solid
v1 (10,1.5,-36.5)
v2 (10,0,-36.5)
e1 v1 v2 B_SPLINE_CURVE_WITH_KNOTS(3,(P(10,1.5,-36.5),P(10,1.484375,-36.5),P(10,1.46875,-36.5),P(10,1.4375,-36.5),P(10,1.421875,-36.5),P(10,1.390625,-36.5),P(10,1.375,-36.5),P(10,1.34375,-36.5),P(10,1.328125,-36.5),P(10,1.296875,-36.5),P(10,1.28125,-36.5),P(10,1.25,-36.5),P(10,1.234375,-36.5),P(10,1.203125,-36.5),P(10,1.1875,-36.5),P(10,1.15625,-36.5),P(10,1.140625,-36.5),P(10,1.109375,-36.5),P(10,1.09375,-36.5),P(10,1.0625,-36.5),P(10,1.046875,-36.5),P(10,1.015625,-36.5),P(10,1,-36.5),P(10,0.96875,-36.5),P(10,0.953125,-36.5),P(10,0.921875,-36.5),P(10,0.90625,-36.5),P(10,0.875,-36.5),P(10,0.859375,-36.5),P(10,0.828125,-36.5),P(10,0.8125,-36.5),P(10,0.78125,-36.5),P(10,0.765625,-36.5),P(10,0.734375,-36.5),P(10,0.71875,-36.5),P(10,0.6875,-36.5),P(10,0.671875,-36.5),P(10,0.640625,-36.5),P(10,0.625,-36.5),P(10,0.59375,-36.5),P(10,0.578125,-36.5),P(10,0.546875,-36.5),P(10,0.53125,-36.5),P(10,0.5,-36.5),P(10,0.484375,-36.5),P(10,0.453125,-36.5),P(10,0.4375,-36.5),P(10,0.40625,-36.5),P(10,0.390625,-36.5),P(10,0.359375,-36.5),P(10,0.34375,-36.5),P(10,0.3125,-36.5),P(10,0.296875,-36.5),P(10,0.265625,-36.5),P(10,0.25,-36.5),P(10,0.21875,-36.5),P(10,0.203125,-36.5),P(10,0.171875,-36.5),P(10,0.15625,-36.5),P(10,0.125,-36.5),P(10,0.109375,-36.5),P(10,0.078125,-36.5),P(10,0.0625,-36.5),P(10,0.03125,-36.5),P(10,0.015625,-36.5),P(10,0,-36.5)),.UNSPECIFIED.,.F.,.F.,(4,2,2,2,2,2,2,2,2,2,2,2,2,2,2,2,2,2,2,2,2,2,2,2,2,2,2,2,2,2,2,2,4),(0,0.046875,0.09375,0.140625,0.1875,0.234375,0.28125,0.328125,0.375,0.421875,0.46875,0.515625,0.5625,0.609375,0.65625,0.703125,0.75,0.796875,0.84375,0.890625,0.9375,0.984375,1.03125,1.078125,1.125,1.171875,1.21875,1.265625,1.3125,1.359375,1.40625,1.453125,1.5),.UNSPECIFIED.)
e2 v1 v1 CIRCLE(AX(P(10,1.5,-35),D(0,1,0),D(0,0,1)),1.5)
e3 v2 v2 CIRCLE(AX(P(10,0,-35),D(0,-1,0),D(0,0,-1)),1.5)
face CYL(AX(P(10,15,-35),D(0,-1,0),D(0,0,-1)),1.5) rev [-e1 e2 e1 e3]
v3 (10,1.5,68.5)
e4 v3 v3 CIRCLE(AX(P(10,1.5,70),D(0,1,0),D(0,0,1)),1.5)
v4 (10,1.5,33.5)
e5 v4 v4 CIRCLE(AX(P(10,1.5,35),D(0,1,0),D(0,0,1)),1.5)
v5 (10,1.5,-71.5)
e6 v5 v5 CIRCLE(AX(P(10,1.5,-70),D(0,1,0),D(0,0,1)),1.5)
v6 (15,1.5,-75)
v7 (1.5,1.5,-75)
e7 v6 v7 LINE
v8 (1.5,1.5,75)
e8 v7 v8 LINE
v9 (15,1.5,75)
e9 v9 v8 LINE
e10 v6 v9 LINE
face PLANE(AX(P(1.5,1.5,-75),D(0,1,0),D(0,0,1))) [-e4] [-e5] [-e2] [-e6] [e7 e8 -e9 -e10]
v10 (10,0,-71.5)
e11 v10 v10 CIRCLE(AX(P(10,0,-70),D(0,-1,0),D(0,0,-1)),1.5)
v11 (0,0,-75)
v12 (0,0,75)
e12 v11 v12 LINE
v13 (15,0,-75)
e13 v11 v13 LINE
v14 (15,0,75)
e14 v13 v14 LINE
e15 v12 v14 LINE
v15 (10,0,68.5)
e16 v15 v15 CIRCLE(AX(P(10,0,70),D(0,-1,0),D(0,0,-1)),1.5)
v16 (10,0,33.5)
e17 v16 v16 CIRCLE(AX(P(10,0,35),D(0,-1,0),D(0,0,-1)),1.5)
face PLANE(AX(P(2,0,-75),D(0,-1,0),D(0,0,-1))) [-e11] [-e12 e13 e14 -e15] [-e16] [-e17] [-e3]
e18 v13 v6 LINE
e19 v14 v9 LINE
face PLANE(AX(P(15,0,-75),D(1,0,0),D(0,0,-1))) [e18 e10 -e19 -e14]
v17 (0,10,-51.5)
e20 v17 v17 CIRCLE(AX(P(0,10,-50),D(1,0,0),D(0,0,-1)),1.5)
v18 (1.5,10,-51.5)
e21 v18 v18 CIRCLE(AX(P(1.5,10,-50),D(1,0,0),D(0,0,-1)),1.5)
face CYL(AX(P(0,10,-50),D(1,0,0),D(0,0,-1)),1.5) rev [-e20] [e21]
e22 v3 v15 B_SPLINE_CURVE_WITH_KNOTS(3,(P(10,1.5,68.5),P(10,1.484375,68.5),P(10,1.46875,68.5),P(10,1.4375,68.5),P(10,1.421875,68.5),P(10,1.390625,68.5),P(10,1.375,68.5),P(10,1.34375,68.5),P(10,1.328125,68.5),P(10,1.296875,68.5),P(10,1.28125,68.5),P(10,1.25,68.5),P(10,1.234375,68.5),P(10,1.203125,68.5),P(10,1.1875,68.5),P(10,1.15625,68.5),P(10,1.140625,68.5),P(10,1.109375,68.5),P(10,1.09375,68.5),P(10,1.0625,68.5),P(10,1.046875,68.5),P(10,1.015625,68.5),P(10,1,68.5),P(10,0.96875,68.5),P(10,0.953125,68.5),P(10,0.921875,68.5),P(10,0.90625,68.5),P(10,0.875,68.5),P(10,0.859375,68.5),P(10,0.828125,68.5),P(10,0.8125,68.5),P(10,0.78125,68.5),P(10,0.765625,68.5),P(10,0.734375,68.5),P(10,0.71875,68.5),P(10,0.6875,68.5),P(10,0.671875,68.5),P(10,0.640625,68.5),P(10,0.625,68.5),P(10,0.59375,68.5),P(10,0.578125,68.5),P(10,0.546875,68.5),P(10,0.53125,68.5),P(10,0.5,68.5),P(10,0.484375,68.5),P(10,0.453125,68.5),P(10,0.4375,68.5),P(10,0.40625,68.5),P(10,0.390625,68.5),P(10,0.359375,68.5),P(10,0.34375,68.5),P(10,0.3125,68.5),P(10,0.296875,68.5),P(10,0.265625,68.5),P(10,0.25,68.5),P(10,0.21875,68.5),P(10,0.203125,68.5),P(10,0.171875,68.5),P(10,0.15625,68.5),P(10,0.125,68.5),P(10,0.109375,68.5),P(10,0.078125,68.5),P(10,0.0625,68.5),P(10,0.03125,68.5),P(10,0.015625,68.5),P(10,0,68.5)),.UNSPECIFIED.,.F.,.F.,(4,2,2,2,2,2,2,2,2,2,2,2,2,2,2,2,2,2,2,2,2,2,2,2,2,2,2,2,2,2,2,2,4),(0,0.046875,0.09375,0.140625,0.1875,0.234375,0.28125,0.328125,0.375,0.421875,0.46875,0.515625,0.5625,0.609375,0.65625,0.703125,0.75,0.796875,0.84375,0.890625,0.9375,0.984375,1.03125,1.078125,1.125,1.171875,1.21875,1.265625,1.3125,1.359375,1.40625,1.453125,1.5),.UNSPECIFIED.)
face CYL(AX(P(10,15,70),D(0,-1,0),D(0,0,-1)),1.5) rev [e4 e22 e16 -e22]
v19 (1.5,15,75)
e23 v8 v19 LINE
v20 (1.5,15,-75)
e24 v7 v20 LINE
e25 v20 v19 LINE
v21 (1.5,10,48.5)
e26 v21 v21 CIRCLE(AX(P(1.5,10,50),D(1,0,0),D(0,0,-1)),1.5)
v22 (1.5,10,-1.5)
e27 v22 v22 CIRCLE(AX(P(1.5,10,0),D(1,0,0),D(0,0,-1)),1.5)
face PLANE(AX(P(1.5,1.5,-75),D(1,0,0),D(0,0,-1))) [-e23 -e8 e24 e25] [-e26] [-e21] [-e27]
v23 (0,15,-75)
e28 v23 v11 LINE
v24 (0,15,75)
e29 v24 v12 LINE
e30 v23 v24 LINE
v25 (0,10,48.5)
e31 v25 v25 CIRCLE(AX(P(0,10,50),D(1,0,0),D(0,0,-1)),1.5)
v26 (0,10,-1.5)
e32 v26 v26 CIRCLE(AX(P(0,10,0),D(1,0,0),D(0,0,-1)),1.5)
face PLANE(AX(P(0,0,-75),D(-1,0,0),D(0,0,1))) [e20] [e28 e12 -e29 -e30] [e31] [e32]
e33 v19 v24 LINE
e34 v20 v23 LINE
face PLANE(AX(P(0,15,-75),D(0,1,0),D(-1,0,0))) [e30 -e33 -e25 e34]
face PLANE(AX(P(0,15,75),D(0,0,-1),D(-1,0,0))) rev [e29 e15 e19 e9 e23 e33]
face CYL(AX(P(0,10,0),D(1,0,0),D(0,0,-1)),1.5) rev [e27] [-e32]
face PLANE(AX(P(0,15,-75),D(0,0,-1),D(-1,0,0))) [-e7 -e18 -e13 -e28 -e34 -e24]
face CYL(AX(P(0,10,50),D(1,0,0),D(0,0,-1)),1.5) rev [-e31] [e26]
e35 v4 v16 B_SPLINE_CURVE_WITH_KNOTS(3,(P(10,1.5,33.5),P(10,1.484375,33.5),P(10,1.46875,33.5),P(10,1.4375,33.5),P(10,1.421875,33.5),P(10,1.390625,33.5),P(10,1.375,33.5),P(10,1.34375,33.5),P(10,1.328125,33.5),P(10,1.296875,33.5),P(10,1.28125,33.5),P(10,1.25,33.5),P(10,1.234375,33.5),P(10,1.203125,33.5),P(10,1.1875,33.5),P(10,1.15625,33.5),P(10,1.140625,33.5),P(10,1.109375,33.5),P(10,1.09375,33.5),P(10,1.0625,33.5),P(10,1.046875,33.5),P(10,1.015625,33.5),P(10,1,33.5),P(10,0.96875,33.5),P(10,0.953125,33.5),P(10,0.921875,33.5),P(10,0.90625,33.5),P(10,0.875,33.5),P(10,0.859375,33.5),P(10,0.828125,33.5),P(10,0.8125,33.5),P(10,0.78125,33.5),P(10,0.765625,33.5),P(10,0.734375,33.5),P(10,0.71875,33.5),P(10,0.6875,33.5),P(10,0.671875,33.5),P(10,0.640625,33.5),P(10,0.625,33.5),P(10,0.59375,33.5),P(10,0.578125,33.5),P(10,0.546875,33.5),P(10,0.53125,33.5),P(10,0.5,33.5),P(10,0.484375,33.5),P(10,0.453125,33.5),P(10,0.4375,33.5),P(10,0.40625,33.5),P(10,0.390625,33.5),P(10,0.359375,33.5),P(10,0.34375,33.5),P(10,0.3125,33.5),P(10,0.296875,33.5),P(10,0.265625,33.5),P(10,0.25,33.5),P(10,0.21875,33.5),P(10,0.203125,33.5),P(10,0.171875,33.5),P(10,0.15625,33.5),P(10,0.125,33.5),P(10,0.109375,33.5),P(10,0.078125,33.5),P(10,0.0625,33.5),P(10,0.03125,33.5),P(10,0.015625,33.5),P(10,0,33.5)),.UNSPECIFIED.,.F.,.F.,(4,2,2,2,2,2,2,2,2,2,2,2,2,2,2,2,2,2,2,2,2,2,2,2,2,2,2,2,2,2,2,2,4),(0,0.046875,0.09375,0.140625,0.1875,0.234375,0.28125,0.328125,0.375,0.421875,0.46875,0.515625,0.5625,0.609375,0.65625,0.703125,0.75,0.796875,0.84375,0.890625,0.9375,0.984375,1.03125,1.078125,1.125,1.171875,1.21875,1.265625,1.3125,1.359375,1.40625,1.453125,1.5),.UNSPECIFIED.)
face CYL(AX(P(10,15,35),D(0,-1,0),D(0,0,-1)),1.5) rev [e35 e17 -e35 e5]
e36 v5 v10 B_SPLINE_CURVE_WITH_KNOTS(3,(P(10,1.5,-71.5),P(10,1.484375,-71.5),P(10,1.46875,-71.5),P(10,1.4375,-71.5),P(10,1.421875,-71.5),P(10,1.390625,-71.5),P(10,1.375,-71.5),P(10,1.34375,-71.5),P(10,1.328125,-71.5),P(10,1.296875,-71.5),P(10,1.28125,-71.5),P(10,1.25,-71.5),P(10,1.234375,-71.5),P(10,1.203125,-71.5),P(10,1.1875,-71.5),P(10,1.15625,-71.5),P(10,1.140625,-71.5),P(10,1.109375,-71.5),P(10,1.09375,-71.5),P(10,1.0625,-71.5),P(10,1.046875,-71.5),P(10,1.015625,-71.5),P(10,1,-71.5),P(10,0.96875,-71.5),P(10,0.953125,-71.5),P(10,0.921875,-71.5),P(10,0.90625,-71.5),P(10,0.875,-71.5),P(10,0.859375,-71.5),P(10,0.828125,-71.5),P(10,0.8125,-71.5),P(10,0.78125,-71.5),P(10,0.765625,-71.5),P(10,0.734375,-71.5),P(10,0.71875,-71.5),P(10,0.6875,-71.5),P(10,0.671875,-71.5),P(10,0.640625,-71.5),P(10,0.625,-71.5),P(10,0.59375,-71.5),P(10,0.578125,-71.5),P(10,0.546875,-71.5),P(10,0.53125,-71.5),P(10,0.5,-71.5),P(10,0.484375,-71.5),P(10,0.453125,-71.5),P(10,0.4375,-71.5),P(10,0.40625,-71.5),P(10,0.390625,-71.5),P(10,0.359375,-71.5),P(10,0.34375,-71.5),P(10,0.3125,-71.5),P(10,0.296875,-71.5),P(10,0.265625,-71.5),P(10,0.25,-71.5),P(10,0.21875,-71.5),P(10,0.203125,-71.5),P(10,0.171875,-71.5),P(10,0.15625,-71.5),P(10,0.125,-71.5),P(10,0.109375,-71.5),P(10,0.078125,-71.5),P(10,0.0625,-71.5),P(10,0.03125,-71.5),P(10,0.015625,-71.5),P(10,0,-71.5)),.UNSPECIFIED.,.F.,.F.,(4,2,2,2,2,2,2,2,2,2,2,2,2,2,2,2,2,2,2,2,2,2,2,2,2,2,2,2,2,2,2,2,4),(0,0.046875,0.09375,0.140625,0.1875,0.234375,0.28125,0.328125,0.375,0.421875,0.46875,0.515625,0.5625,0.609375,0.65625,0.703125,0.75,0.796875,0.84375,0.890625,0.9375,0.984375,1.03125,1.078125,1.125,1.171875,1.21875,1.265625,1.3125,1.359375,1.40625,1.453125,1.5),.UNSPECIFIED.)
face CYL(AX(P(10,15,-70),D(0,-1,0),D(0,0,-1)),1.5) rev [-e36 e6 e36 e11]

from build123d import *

# Parameters (mm, degrees)
EXTRUSION1_DEPTH           = 75
EXTRUSION1_DEPTH_BACK      = 75
ESQUISSE2_R                = 1.5
EXTRUSION2_DEPTH           = 78.667560796
ESQUISSE3_R                = 1.5
EXTRUSION3_DEPTH           = 78.942286341
R_P_TITION_LIN_AIRE1_COUNT = 3
R_P_TITION_LIN_AIRE1_PITCH = 50
R_P_TITION_LIN_AIRE2_COUNT = 5
R_P_TITION_LIN_AIRE2_PITCH = 35


with BuildPart() as part:
    # Esquisse1 → Extrusion1 (new, two sides: drawn at the far end of the back side and taken through both)
    with BuildSketch(Plane.XY.offset(-EXTRUSION1_DEPTH_BACK)):
        Polygon((0, 0), (2, 0), (15, 0), (15, 1.5), (1.5, 1.5), (1.5, 15), (0, 15), align=None)
    extrude(amount=EXTRUSION1_DEPTH + EXTRUSION1_DEPTH_BACK)

    # Esquisse2 → Extrusion2 (cut, through all)
    with BuildSketch(Plane(origin=(1.5, 0, 0), x_dir=(0, 0, -1), z_dir=(1, 0, 0))):
        with Locations((-50, 10)):
            Circle(ESQUISSE2_R)
    extrusion2 = extrude(amount=-EXTRUSION2_DEPTH, mode=Mode.SUBTRACT)

    # Esquisse3 → Extrusion3 (cut, through all)
    with BuildSketch(Plane.XZ):
        with Locations((10, 70)):
            Circle(ESQUISSE3_R)
    extrusion3 = extrude(amount=-EXTRUSION3_DEPTH, mode=Mode.SUBTRACT)

    # Répétition linéaire1: Extrusion2 ×3
    with Locations(*[(0, 0, -i * R_P_TITION_LIN_AIRE1_PITCH) for i in range(1, R_P_TITION_LIN_AIRE1_COUNT)]):
        add(extrusion2, mode=Mode.SUBTRACT)

    # Répétition linéaire2: Extrusion3 ×5, 1 skipped
    with Locations(*[(0, 0, -i * R_P_TITION_LIN_AIRE2_PITCH) for i in range(1, R_P_TITION_LIN_AIRE2_COUNT) if i not in (2,)]):
        add(extrusion3, mode=Mode.SUBTRACT)


solid = part.part
